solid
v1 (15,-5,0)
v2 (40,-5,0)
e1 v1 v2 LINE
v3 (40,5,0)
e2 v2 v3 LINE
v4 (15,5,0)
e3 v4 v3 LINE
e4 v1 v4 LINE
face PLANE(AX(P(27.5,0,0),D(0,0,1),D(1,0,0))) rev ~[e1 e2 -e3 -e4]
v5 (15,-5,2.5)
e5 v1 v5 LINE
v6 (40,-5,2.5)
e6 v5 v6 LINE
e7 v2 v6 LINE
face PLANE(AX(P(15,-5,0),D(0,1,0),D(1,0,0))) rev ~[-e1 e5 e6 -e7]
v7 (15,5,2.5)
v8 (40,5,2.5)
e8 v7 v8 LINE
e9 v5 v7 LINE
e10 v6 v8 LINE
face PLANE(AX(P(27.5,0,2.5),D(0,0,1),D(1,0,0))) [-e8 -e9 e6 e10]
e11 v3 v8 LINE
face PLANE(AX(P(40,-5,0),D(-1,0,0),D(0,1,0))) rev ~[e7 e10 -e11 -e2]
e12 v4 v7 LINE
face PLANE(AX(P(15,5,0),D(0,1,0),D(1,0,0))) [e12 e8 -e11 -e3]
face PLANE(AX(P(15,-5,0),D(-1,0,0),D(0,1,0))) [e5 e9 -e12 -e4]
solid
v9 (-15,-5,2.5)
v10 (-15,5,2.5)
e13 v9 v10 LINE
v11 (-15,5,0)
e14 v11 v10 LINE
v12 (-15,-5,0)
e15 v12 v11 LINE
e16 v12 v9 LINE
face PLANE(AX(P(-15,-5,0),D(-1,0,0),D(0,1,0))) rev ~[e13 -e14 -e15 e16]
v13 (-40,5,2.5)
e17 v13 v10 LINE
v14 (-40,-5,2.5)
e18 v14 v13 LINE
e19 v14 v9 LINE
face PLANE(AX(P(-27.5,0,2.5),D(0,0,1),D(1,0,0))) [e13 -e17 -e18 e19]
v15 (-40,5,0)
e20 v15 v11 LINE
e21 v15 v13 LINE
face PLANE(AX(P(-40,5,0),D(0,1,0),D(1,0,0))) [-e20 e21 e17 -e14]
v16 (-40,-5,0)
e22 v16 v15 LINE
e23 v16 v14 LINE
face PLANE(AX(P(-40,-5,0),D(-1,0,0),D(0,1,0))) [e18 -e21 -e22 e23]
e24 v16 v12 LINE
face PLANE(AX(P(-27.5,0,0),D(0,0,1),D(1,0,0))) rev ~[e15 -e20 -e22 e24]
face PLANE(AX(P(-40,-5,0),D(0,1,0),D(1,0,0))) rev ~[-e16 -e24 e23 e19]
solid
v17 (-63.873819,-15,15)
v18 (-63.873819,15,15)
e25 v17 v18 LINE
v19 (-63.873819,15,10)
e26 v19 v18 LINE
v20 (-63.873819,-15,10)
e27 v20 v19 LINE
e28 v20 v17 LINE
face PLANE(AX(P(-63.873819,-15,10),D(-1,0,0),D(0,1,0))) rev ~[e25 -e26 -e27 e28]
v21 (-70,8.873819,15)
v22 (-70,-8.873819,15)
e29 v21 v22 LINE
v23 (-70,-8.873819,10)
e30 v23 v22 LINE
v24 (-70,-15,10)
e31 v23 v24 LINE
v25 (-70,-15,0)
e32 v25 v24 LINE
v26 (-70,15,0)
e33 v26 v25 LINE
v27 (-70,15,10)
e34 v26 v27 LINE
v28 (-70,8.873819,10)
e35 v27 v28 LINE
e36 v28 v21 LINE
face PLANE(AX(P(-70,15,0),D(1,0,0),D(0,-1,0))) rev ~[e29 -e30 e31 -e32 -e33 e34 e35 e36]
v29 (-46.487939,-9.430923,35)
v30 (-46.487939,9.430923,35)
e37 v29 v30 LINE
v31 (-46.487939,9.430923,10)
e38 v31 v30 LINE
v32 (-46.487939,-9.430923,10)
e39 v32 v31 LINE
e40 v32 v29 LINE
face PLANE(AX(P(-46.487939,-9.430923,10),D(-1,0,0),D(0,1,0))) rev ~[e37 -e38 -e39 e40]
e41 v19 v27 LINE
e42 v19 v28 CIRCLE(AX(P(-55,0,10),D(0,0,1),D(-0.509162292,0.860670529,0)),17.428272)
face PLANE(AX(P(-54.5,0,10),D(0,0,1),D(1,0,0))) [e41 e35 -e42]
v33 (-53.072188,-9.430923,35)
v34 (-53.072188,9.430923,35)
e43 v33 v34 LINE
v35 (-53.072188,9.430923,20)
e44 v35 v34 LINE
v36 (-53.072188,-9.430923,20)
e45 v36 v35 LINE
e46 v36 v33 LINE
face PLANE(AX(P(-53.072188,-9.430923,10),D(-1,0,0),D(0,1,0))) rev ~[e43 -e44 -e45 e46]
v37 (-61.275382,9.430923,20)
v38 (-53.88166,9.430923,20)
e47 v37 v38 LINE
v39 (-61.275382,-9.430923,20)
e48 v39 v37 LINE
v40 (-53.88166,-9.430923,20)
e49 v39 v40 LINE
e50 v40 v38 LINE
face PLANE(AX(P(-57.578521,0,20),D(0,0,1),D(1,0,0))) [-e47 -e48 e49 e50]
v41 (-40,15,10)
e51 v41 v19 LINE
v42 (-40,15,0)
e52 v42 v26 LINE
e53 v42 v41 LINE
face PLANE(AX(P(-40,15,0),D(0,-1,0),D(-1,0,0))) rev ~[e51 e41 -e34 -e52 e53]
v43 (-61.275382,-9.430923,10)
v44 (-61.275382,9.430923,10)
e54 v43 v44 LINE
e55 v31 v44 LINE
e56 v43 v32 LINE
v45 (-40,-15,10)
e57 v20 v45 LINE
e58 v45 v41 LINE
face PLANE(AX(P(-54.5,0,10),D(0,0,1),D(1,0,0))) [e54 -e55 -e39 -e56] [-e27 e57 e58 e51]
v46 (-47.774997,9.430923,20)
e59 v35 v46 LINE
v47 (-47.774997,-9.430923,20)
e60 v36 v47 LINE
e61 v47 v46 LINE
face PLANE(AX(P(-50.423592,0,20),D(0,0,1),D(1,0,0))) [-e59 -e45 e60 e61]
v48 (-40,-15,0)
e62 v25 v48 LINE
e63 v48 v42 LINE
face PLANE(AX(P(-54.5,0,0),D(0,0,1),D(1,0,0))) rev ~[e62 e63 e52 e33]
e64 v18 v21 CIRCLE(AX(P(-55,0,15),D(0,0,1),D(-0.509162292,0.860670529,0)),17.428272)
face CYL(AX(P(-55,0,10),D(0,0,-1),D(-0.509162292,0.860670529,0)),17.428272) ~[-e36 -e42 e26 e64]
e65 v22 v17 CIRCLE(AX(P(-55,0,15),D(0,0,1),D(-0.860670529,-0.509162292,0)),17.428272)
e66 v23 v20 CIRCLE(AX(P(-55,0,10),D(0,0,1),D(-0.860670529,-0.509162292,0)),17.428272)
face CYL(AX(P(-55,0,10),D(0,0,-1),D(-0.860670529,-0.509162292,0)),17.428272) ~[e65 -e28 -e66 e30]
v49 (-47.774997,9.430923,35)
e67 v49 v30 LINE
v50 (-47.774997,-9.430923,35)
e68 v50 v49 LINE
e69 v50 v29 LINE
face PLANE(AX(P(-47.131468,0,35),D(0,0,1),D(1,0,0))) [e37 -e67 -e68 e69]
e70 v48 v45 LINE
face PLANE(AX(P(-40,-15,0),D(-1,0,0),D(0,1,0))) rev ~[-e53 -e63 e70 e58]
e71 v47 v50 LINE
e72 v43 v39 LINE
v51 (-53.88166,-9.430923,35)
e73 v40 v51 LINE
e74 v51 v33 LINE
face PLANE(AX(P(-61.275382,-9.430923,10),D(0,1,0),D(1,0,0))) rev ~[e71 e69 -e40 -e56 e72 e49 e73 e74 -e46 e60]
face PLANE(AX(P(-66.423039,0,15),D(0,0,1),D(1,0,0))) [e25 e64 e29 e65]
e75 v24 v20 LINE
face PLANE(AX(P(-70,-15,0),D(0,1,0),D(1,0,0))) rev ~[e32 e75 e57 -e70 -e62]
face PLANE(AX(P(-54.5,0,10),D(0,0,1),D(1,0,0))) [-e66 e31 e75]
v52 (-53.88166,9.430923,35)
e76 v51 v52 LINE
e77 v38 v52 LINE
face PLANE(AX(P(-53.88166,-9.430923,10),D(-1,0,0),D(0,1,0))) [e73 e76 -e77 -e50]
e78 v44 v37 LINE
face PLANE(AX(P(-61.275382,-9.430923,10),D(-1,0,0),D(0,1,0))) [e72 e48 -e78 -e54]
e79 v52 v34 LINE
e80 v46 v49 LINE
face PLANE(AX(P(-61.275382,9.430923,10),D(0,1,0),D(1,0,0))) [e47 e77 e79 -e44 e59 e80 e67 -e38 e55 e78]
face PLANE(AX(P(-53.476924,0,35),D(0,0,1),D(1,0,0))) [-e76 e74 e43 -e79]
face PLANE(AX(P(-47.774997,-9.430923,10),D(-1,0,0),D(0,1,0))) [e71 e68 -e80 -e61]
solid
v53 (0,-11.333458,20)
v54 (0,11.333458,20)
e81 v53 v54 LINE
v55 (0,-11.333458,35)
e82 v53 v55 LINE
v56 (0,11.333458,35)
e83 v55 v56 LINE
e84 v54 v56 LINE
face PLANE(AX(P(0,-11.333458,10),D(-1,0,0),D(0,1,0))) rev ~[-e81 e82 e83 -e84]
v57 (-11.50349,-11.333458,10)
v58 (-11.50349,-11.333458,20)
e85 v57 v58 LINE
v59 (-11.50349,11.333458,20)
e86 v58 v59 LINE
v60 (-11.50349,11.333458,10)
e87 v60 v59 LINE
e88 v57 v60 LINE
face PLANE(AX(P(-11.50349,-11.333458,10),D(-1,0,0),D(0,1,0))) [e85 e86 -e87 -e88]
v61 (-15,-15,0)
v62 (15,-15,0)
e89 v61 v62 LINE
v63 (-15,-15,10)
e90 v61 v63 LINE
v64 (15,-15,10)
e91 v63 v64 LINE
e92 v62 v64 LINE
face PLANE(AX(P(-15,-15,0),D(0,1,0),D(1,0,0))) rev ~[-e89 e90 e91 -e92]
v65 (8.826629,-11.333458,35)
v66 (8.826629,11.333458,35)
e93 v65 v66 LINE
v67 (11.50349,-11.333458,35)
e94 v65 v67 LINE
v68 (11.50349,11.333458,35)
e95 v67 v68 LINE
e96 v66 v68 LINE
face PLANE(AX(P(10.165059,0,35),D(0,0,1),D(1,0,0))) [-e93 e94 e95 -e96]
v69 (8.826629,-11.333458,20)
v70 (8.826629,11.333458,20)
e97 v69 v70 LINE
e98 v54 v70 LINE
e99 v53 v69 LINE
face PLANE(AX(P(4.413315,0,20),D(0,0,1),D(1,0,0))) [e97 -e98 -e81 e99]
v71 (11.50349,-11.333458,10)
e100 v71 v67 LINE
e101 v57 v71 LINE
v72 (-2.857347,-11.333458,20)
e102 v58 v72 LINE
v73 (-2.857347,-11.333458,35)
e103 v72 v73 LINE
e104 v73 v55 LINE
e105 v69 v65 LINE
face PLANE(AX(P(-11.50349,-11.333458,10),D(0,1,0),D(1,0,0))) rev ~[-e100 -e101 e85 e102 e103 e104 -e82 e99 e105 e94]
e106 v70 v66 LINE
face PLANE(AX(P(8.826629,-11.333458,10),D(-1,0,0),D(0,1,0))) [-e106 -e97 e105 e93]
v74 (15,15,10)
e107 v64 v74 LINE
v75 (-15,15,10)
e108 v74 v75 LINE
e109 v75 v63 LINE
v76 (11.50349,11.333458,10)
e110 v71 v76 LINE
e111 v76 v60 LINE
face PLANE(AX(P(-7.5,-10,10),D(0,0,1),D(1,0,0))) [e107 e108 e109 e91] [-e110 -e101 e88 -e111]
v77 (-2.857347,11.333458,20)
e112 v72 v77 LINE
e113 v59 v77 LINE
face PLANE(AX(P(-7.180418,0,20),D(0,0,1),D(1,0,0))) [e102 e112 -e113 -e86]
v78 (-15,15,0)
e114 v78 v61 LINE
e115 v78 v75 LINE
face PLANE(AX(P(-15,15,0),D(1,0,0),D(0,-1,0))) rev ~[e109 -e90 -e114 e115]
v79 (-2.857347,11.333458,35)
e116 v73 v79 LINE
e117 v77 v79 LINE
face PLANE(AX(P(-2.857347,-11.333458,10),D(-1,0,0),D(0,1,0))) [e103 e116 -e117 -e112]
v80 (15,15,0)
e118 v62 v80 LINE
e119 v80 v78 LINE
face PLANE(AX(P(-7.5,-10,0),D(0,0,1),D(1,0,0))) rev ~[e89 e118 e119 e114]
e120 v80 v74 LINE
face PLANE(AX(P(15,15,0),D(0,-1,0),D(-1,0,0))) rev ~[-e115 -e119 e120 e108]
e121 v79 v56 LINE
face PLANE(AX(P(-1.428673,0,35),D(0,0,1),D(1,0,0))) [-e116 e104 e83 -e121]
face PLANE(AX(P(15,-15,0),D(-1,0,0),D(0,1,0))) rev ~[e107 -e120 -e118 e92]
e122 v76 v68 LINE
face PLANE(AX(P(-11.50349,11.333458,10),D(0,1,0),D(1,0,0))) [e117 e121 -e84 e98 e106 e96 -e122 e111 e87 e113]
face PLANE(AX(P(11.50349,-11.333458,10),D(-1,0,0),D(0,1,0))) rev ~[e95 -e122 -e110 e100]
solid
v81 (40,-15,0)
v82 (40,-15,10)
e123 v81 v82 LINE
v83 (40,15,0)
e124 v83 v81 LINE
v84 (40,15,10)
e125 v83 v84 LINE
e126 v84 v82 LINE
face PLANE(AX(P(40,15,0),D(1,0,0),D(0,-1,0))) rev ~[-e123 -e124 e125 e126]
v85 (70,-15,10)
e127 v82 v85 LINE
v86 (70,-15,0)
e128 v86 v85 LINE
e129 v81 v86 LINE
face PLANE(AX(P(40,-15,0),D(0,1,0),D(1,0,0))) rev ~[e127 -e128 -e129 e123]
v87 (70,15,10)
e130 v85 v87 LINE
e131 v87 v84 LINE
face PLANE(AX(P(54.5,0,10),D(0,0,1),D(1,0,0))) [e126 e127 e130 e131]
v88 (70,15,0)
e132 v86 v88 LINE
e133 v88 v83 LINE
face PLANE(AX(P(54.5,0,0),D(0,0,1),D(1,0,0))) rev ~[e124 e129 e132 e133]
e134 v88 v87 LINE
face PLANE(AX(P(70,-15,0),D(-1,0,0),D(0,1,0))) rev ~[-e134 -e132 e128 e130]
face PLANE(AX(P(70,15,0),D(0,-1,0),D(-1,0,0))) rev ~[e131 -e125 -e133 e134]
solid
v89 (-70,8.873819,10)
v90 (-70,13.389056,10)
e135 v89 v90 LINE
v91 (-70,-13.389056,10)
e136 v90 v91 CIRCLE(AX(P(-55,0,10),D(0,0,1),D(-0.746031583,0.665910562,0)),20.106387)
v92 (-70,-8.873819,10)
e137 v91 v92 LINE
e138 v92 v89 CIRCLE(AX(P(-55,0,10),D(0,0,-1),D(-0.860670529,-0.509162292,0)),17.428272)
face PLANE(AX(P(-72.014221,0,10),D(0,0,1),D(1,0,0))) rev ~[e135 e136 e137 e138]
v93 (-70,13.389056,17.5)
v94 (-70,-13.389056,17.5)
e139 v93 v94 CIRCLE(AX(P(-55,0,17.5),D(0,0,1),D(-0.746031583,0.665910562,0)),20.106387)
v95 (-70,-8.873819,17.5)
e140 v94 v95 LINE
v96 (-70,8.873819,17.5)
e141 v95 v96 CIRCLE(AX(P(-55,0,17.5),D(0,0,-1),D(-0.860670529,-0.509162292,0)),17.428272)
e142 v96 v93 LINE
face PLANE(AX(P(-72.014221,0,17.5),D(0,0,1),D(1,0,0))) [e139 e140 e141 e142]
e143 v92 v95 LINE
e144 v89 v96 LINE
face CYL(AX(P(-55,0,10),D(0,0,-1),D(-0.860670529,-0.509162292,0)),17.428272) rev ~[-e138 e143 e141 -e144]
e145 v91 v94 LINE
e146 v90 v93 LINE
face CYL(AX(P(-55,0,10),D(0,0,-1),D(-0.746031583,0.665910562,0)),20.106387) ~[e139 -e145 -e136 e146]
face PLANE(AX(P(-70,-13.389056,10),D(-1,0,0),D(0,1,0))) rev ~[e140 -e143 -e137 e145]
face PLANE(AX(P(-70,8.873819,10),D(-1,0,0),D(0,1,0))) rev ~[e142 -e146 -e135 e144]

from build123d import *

# Parameters (mm, degrees)
F0_W      = 15
F0_H      = 10
F1_DEPTH  = 10
F0_W_2    = 25
F2_DEPTH  = 2.5
F4_DEPTH  = 5
F5_DEPTH  = 7.5
F6_W      = 0.8094720542
F6_H      = 18.8618451357
F6_W_2    = 1.2870579958
F7_DEPTH  = 25
F6_W_3    = 7.3937214911
F6_W_4    = 5.2971914411
F8_DEPTH  = 10
F9_W      = 2.8573467862
F9_H      = 22.6669162512
F9_W_2    = 2.6768604293
F10_DEPTH = 25
F9_W_3    = 8.6461429019
F9_W_4    = 8.8266292587
F11_DEPTH = 10


with BuildPart() as f1:
    # F0 (on Top) → F1 (new body)
    with BuildSketch(Plane.XY):
        Polygon((-55, 5), (-40, 5), (-40, 15), (-70, 15), (-70, -15), (-40, -15), (-40, -5), (-55, -5), align=None)
        with Locations((-47.5, 0)):
            Rectangle(F0_W, F0_H)
    extrude(amount=F1_DEPTH)

    # F3 (on face) → F4 (join)
    with BuildSketch(Plane.XY.offset(10)):
        with BuildLine():
            Line((-63.8738188665, -15), (-63.8738188665, 15))
            ThreePointArc((-63.8738188665, 15), (-67.3236492419, 12.3236492419), (-70, 8.8738188665))
            Line((-70, 8.8738188665), (-70, -8.8738188665))
            ThreePointArc((-70, -8.8738188665), (-67.3236492419, -12.3236492419), (-63.8738188665, -15))
        make_face()
    extrude(amount=F4_DEPTH)

    # F6 (on face) → F7 (join)
    with BuildSketch(Plane.XY.offset(10)):
        with Locations((-53.4769240767, 0)):
            Rectangle(F6_W, F6_H)
        with Locations((-47.1314676106, 0)):
            Rectangle(F6_W_2, F6_H)
    extrude(amount=F7_DEPTH)

    # F6 (on face) → F8 (join)
    with BuildSketch(Plane.XY.offset(10)):
        with Locations((-57.5785208493, 0)):
            Rectangle(F6_W_3, F6_H)
        with Locations((-50.423592329, 0)):
            Rectangle(F6_W_4, F6_H)
    extrude(amount=F8_DEPTH)


with BuildPart() as f1b:
    # F0 (on Top) → F1, piece 2 (new body)
    with BuildSketch(Plane.XY):
        with Locations((-7.5, -10)):
            Rectangle(F0_W, F0_H)
        with Locations((-7.5, 10)):
            Rectangle(F0_W, F0_H)
        with Locations((7.5, 10)):
            Rectangle(F0_W, F0_H)
        with Locations((7.5, -10)):
            Rectangle(F0_W, F0_H)
        with Locations((-7.5, 0)):
            Rectangle(F0_W, F0_H)
        with Locations((7.5, 0)):
            Rectangle(F0_W, F0_H)
    extrude(amount=F1_DEPTH)

    # F9 (on face) → F10 (join)
    with BuildSketch(Plane.XY.offset(10)):
        with Locations((-1.4286733931, 0)):
            Rectangle(F9_W, F9_H)
        with Locations((10.1650594734, 0)):
            Rectangle(F9_W_2, F9_H)
    extrude(amount=F10_DEPTH)

    # F9 (on face) → F11 (join)
    with BuildSketch(Plane.XY.offset(10)):
        with Locations((-7.1804182371, 0)):
            Rectangle(F9_W_3, F9_H)
        with Locations((4.4133146293, 0)):
            Rectangle(F9_W_4, F9_H)
    extrude(amount=F11_DEPTH)


with BuildPart() as f1c:
    # F0 (on Top) → F1, piece 3 (new body)
    with BuildSketch(Plane.XY):
        Polygon((40, 15), (40, 5), (55, 5), (55, -5), (40, -5), (40, -15), (70, -15), (70, 15), align=None)
        with Locations((47.5, 0)):
            Rectangle(F0_W, F0_H)
    extrude(amount=F1_DEPTH)


with BuildPart() as f2:
    # F0 (on Top) → F2 (new body)
    with BuildSketch(Plane.XY):
        with Locations((-27.5, 0)):
            Rectangle(F0_W_2, F0_H)
    extrude(amount=F2_DEPTH)


with BuildPart() as f2b:
    # F0 (on Top) → F2, piece 2 (new body)
    with BuildSketch(Plane.XY):
        with Locations((27.5, 0)):
            Rectangle(F0_W_2, F0_H)
    extrude(amount=F2_DEPTH)


with BuildPart() as f5:
    # F3 (on face) → F5 (new body)
    with BuildSketch(Plane.XY.offset(10)):
        with BuildLine():
            Line((-70, 8.8738188665), (-70, 13.3890557198))
            ThreePointArc((-70, 13.3890557198), (-75.1063873699, 0), (-70, -13.3890557198))
            Line((-70, -13.3890557198), (-70, -8.8738188665))
            ThreePointArc((-70, -8.8738188665), (-72.4282718959, 0), (-70, 8.8738188665))
        make_face()
    extrude(amount=F5_DEPTH)


solid = Compound([f1.part, f1b.part, f1c.part, f2.part, f2b.part, f5.part])
